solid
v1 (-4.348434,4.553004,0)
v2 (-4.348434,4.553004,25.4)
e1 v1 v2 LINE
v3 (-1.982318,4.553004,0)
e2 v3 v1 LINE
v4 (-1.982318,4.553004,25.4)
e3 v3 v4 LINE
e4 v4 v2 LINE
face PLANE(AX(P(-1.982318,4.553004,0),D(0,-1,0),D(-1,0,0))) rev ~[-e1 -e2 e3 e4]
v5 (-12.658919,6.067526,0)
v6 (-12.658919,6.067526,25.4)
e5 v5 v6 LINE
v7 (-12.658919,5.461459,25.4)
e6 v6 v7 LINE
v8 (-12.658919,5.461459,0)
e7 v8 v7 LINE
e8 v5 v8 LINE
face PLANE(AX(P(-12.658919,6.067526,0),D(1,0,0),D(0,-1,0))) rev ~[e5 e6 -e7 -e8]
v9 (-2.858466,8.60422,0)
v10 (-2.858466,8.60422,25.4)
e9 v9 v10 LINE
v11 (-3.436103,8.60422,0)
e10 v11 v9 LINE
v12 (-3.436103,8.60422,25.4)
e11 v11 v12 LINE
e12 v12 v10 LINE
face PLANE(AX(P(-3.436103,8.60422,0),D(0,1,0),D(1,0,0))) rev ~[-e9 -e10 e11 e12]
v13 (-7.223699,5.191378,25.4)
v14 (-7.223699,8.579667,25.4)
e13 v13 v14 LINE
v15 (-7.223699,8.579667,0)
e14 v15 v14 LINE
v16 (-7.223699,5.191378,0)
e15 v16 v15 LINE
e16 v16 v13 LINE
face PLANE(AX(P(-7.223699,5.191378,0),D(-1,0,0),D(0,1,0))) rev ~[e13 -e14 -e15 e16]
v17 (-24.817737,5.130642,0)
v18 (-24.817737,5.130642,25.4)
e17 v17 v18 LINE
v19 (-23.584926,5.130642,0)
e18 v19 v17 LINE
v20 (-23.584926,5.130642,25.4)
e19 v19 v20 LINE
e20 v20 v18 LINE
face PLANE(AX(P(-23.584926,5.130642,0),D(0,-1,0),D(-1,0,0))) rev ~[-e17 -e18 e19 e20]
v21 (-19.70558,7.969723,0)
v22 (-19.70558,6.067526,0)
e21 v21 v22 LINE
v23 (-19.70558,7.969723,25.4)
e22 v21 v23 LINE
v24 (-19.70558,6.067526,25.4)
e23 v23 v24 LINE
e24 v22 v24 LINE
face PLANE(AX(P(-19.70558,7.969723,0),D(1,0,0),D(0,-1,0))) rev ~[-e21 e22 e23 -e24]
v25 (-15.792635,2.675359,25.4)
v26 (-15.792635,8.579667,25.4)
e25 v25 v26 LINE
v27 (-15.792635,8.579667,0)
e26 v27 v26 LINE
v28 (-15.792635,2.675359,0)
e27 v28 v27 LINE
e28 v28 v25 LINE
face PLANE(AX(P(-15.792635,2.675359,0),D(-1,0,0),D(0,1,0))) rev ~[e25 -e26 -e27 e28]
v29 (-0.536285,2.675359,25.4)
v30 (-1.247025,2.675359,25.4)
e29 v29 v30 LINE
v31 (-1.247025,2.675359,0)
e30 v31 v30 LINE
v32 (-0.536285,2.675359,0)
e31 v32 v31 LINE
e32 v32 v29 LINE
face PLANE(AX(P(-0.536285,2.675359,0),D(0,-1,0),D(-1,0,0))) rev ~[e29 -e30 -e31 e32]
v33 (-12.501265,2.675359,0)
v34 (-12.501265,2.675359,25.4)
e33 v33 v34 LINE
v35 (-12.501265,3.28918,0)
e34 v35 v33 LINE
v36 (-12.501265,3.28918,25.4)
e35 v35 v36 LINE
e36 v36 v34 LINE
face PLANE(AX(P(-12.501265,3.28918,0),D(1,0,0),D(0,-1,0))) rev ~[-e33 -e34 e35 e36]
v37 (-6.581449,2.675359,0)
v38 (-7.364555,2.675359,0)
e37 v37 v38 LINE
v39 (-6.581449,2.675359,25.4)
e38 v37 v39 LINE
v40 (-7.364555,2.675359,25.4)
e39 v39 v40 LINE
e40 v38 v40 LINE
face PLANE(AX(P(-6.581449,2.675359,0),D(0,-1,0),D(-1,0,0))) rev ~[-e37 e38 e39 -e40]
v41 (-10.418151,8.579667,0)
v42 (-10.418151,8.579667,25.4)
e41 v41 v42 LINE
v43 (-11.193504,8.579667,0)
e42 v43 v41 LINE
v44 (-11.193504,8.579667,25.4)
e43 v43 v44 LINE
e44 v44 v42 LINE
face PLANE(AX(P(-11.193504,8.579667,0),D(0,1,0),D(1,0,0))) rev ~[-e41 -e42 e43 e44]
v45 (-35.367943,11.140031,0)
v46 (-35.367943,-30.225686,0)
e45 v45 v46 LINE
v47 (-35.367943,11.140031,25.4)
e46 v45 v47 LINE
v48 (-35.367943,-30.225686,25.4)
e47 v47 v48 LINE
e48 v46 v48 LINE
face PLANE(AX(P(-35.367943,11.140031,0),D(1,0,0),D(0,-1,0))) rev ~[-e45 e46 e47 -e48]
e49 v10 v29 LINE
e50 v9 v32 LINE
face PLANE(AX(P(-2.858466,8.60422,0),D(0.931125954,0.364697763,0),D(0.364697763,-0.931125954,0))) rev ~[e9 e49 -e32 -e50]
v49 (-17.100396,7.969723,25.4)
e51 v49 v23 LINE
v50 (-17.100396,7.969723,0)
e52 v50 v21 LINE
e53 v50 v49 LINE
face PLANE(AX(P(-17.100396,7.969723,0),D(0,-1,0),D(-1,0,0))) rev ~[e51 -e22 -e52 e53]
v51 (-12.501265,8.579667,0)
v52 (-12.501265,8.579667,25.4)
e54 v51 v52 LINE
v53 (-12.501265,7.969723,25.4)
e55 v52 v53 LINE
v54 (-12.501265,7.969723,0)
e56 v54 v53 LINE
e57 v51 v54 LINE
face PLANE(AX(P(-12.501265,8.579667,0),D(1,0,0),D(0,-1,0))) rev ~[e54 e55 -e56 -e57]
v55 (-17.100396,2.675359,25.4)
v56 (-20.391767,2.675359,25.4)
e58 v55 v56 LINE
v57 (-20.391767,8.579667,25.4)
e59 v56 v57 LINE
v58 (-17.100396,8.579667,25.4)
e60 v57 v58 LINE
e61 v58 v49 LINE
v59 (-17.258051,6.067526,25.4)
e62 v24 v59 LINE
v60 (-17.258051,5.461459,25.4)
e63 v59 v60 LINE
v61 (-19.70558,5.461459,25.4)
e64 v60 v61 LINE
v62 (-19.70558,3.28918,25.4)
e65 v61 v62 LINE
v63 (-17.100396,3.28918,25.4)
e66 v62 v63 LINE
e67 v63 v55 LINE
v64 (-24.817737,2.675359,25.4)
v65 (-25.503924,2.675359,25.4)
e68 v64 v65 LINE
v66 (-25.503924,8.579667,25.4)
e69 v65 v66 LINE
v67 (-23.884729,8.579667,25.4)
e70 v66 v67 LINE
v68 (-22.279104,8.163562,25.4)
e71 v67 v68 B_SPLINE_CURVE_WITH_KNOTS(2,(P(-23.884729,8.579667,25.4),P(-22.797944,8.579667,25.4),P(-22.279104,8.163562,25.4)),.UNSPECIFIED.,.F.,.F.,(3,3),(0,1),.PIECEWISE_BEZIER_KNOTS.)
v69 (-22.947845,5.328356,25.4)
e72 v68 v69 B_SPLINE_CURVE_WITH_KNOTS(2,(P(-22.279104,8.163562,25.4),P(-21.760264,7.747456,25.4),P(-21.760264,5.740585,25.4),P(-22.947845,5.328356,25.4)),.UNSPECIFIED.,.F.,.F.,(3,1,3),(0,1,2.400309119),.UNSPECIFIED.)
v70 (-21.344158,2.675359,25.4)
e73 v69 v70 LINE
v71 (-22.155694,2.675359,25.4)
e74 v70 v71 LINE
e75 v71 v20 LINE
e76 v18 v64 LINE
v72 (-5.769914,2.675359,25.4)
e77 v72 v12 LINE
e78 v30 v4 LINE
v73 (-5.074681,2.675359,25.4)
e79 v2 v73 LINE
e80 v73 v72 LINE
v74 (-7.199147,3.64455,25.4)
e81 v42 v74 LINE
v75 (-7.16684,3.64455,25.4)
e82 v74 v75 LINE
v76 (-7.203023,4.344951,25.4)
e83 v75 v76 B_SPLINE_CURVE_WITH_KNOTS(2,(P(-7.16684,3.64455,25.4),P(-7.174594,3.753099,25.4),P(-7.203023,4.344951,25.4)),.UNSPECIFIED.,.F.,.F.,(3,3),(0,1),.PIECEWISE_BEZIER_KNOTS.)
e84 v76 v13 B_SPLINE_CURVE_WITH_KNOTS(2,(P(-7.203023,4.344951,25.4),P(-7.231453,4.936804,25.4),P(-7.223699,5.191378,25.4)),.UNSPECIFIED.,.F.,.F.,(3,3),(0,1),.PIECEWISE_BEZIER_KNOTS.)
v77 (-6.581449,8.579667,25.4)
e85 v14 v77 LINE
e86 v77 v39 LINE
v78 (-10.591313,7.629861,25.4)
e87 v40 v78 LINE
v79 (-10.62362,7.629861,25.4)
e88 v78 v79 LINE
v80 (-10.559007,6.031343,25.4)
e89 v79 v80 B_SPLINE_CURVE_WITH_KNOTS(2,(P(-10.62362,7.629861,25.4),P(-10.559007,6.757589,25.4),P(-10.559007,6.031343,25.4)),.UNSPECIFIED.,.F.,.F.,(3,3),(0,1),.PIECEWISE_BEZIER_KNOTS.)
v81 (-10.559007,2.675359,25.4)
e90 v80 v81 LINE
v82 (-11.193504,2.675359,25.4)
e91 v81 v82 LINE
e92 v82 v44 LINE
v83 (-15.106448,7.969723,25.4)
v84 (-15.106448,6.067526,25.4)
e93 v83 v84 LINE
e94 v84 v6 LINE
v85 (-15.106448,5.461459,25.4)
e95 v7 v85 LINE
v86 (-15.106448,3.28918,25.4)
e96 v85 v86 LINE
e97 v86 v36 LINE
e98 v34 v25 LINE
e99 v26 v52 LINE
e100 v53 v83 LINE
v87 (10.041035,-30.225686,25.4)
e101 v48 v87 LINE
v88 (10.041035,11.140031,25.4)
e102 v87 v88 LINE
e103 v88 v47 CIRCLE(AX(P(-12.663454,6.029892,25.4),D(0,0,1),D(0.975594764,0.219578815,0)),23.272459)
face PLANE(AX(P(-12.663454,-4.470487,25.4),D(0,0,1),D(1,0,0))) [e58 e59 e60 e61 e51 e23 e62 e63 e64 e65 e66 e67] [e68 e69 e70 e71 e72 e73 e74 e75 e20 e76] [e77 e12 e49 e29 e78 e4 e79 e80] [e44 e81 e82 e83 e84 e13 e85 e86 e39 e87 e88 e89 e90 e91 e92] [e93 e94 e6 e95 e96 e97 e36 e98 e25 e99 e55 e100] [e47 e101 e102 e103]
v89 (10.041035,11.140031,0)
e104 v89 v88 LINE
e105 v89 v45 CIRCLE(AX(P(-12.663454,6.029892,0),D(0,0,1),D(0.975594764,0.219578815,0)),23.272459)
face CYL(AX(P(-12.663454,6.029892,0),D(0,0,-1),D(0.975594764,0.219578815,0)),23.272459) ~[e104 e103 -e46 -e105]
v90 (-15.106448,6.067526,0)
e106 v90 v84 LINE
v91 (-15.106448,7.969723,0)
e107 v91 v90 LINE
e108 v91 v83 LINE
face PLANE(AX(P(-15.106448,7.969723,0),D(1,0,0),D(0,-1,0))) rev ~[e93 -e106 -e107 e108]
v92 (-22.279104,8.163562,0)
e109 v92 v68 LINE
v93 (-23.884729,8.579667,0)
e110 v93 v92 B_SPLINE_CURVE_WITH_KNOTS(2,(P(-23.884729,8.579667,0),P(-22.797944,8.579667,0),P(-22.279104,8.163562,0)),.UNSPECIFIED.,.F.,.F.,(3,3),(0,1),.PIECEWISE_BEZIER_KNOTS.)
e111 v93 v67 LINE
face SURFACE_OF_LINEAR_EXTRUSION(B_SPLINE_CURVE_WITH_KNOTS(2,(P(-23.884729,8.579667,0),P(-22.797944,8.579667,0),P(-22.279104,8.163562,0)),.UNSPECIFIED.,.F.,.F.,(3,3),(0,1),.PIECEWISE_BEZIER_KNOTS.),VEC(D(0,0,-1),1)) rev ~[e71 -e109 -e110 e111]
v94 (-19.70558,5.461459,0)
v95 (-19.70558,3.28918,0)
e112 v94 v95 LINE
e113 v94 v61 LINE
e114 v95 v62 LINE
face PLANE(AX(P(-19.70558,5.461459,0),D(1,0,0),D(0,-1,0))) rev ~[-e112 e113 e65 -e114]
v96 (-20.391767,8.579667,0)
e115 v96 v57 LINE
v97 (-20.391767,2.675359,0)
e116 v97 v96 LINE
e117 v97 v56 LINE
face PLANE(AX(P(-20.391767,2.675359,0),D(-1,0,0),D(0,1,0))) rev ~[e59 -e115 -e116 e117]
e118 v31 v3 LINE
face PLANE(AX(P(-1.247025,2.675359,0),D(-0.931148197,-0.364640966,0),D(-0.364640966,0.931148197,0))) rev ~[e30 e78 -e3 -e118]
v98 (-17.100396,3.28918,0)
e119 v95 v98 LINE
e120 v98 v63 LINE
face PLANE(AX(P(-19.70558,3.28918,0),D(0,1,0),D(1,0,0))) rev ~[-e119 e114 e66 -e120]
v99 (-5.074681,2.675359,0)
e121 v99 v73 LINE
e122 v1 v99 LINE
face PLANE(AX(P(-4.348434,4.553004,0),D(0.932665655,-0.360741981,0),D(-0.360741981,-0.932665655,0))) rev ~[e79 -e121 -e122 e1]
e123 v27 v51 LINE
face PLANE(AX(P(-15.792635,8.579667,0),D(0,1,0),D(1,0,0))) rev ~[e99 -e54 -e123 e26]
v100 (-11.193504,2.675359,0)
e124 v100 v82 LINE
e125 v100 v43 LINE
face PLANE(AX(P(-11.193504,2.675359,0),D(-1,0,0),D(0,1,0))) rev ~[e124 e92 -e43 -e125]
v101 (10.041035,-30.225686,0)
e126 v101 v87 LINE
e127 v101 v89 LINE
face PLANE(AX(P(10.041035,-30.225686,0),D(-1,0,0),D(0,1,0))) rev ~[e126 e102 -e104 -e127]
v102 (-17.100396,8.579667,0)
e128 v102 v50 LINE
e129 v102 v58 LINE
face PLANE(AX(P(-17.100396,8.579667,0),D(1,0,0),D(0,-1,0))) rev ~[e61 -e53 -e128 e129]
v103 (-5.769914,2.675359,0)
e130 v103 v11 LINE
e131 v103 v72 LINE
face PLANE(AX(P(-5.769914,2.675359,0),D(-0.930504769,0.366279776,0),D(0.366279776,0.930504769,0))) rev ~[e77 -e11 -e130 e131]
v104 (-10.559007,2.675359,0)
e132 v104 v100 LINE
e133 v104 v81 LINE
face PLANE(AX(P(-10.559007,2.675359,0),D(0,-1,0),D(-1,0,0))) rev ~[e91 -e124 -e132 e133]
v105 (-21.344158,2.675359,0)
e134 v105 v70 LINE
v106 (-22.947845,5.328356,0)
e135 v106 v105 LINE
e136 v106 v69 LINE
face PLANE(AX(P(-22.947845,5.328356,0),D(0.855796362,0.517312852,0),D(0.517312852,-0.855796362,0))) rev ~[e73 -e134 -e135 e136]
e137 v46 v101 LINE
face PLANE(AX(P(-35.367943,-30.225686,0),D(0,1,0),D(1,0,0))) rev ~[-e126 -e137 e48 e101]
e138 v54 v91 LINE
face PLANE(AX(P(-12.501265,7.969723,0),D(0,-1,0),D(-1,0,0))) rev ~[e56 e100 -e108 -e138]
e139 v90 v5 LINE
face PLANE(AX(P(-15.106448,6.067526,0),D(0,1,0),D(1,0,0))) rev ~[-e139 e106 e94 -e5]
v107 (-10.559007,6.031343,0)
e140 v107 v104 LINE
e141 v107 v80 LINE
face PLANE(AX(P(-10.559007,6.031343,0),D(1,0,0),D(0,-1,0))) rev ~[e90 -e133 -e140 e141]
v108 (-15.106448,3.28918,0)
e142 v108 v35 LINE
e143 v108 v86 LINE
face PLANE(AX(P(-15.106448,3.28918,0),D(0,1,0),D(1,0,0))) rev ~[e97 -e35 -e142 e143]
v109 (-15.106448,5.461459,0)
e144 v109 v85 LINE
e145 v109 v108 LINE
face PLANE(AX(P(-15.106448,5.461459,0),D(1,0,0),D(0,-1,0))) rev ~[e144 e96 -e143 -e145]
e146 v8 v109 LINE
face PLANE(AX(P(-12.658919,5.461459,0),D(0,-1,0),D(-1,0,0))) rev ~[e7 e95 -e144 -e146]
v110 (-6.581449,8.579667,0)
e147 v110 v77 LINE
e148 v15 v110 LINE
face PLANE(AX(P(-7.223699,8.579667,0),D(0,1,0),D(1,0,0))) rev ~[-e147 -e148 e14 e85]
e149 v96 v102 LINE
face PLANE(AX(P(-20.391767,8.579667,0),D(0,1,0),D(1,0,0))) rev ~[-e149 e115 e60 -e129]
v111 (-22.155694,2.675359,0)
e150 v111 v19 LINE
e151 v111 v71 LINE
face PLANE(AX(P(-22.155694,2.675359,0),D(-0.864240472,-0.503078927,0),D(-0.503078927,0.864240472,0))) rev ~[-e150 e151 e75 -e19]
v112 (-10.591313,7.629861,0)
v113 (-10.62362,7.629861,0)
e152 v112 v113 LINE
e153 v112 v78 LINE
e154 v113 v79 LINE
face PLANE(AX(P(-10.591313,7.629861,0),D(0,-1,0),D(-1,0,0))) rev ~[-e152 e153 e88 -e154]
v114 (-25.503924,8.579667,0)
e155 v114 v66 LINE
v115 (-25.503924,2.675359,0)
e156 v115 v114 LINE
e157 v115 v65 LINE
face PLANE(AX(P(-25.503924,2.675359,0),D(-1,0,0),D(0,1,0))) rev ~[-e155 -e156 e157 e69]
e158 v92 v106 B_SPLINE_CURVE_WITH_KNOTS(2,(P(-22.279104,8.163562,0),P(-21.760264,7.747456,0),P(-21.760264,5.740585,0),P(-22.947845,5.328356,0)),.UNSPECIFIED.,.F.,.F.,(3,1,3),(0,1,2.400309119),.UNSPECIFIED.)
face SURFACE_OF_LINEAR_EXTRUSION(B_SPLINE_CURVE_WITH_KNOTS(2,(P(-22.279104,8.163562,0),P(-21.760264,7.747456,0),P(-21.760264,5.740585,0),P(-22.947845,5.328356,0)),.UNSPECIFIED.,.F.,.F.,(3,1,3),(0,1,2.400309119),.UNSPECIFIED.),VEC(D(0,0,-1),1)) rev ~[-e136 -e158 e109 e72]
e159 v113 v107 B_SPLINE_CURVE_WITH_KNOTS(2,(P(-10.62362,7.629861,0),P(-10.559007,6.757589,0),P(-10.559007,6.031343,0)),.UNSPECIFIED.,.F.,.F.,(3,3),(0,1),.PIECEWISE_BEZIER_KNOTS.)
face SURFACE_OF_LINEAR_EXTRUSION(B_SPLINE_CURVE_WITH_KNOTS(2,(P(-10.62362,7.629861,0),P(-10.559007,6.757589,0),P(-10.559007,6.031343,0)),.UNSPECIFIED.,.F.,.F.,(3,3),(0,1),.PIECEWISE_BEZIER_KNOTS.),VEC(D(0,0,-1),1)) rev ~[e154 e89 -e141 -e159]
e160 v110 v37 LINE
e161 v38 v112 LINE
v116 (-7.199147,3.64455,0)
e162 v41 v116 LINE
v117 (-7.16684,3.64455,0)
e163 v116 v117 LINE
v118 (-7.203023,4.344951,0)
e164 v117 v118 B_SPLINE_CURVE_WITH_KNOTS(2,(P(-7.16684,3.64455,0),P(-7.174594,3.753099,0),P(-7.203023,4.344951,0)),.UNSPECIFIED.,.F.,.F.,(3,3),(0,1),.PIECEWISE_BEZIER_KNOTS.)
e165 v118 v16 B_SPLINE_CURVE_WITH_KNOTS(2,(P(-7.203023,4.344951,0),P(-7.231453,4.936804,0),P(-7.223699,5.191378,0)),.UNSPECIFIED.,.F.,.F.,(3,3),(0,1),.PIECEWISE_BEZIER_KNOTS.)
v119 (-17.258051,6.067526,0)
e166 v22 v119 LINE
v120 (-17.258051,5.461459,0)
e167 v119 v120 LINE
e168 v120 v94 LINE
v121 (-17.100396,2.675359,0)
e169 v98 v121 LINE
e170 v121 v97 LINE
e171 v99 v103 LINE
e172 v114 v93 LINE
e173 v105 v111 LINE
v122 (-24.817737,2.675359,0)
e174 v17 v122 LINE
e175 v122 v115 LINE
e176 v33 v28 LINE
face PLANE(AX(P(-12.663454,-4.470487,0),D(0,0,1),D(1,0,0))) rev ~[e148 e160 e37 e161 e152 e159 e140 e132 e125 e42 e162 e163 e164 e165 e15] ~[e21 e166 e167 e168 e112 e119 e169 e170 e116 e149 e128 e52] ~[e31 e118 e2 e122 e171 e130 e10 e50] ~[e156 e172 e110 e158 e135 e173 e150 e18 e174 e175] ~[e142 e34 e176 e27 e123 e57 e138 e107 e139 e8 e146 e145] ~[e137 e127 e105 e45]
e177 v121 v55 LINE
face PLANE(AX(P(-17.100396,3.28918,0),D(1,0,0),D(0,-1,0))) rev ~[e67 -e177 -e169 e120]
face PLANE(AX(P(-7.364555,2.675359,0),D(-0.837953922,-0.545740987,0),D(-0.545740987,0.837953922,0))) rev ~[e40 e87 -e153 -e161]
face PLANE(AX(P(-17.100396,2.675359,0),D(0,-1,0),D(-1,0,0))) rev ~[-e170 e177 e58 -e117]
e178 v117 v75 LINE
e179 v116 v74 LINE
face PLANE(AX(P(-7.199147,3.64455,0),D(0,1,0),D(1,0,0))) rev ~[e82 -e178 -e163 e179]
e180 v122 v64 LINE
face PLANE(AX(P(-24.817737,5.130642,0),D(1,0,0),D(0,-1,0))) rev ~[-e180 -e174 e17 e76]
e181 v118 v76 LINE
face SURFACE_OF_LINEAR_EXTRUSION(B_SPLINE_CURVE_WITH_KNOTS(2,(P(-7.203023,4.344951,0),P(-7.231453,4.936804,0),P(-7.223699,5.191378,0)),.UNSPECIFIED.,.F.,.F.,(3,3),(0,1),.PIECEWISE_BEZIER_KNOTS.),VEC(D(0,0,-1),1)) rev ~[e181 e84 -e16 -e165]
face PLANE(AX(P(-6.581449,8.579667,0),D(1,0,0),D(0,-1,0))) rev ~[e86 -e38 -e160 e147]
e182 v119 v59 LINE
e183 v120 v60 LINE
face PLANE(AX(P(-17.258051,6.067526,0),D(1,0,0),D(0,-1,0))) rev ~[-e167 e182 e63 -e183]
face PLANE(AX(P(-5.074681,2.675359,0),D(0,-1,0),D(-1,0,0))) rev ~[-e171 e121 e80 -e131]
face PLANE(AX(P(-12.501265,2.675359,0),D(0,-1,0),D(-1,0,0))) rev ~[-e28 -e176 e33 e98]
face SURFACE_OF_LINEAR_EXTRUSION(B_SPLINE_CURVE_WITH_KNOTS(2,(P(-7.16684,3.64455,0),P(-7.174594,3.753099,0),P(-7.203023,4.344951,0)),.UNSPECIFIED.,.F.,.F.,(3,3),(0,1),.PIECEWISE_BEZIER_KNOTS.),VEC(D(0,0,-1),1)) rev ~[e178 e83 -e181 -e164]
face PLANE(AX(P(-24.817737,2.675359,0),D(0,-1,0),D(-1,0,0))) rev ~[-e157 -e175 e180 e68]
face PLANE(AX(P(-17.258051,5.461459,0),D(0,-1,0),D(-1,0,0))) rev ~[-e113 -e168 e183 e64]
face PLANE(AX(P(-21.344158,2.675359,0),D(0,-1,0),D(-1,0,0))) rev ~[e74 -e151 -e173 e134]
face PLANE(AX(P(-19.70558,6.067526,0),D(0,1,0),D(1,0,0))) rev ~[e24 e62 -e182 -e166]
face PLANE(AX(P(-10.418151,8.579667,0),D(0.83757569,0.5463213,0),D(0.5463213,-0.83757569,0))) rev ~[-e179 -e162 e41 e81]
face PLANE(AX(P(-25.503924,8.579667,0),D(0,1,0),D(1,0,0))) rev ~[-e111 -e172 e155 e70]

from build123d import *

# Parameters (mm, degrees)
F1_DEPTH = 25.4
F2_DEPTH = 25.4


with BuildPart() as f1:
    # F0 (on Top) → F1 (new body)
    with BuildSketch(Plane.XY):
        with BuildLine():
            Line((-35.3679429478, 11.1400311293), (-35.3679429478, -30.2256858594))
            Line((-35.3679429478, -30.2256858594), (10.0410353131, -30.2256858594))
            Line((10.0410353131, -30.2256858594), (10.0410353131, 11.1400311293))
            ThreePointArc((10.0410353131, 11.1400311293), (-12.6634538174, 29.3023511427), (-35.3679429478, 11.1400311293))
        make_face()
        with BuildLine():
            Line((-31.0136583262, -26.9599688707), (-31.0136583262, 11.1400311293))
            ThreePointArc((-31.0136583262, 11.1400311293), (-12.8189639824, 23.6993412086), (5.3757303614, 11.1400311293))
            Line((5.3757303614, 11.1400311293), (5.3757303614, -26.9599688707))
            Line((5.3757303614, -26.9599688707), (-31.0136583262, -26.9599688707))
        make_face(mode=Mode.SUBTRACT)
        with BuildLine():
            ThreePointArc((5.3757303614, 11.1400311293), (-12.8189639824, 23.6993412086), (-31.0136583262, 11.1400311293))
            Line((-31.0136583262, 11.1400311293), (-31.0136583262, -26.9599688707))
            Line((-31.0136583262, -26.9599688707), (5.3757303614, -26.9599688707))
            Line((5.3757303614, -26.9599688707), (5.3757303614, 11.1400311293))
        make_face()
        with BuildLine():
            Line((-23.5849264789, 5.1306416046), (-24.8177367282, 5.1306416046))
            Line((-24.8177367282, 5.1306416046), (-24.8177367282, 2.6753591374))
            Line((-24.8177367282, 2.6753591374), (-25.5039235651, 2.6753591374))
            Line((-25.5039235651, 2.6753591374), (-25.5039235651, 8.5796673441))
            Line((-25.5039235651, 8.5796673441), (-23.8847293907, 8.5796673441))
            add(Edge.make_bspline(
                [(-23.8847293907, 8.5796673441), (-22.7979438354, 8.5796673441), (-22.2791038825, 8.1635615786)],
                knots=[0, 0, 0, 1, 1, 1], degree=2))
            add(Edge.make_bspline(
                [(-22.2791038825, 8.1635615786), (-21.7602639295, 7.7474558131), (-21.7602639295, 6.9113675203)],
                knots=[0, 0, 0, 1, 1, 1], degree=2))
            add(Edge.make_bspline(
                [(-21.7602639295, 6.9113675203), (-21.7602639295, 5.7405854596), (-22.9478452913, 5.3283564559)],
                knots=[0, 0, 0, 1, 1, 1], degree=2))
            Line((-22.9478452913, 5.3283564559), (-21.344158164, 2.6753591374))
            Line((-21.344158164, 2.6753591374), (-22.1556936322, 2.6753591374))
            Line((-22.1556936322, 2.6753591374), (-23.5849264789, 5.1306416046))
        make_face(mode=Mode.SUBTRACT)
        Polygon((-17.1003962575, 3.2891797542), (-17.1003962575, 2.6753591374), (-20.3917670175, 2.6753591374), (-20.3917670175, 8.5796673441), (-17.1003962575, 8.5796673441), (-17.1003962575, 7.9697234891), (-19.7055801806, 7.9697234891), (-19.7055801806, 6.067525704), (-17.2580512369, 6.067525704), (-17.2580512369, 5.4614586107), (-19.7055801806, 5.4614586107), (-19.7055801806, 3.2891797542), align=None, mode=Mode.SUBTRACT)
        Polygon((-12.5012645201, 3.2891797542), (-12.5012645201, 2.6753591374), (-15.7926352802, 2.6753591374), (-15.7926352802, 8.5796673441), (-12.5012645201, 8.5796673441), (-12.5012645201, 7.9697234891), (-15.1064484433, 7.9697234891), (-15.1064484433, 6.067525704), (-12.6589194996, 6.067525704), (-12.6589194996, 5.4614586107), (-15.1064484433, 5.4614586107), (-15.1064484433, 3.2891797542), align=None, mode=Mode.SUBTRACT)
        with BuildLine():
            Line((-6.5814492662, 8.5796673441), (-6.5814492662, 2.6753591374))
            Line((-6.5814492662, 2.6753591374), (-7.3645551478, 2.6753591374))
            Line((-7.3645551478, 2.6753591374), (-10.5913132114, 7.6298607055))
            Line((-10.5913132114, 7.6298607055), (-10.6236195596, 7.6298607055))
            add(Edge.make_bspline(
                [(-10.6236195596, 7.6298607055), (-10.5590068631, 6.7575893027), (-10.5590068631, 6.0313425939)],
                knots=[0, 0, 0, 1, 1, 1], degree=2))
            Line((-10.5590068631, 6.0313425939), (-10.5590068631, 2.6753591374))
            Line((-10.5590068631, 2.6753591374), (-11.1935035428, 2.6753591374))
            Line((-11.1935035428, 2.6753591374), (-11.1935035428, 8.5796673441))
            Line((-11.1935035428, 8.5796673441), (-10.4181511847, 8.5796673441))
            Line((-10.4181511847, 8.5796673441), (-7.1991466448, 3.644549585))
            Line((-7.1991466448, 3.644549585), (-7.1668402965, 3.644549585))
            add(Edge.make_bspline(
                [(-7.1668402965, 3.644549585), (-7.1745938201, 3.7530989151), (-7.2030234066, 4.3449512151)],
                knots=[0, 0, 0, 1, 1, 1], degree=2))
            add(Edge.make_bspline(
                [(-7.2030234066, 4.3449512151), (-7.231452993, 4.9368035151), (-7.2236994695, 5.1913775393)],
                knots=[0, 0, 0, 1, 1, 1], degree=2))
            Line((-7.2236994695, 5.1913775393), (-7.2236994695, 8.5796673441))
            Line((-7.2236994695, 8.5796673441), (-6.5814492662, 8.5796673441))
        make_face(mode=Mode.SUBTRACT)
        Polygon((-0.536285381, 2.6753591374), (-1.2470250426, 2.6753591374), (-1.9823175288, 4.5530040978), (-4.3484344749, 4.5530040978), (-5.0746811836, 2.6753591374), (-5.7699137981, 2.6753591374), (-3.4361032002, 8.6042201688), (-2.8584656935, 8.6042201688), align=None, mode=Mode.SUBTRACT)
    extrude(amount=F1_DEPTH)

    # F0 (on Top) → F2 (join)
    with BuildSketch(Plane.XY):
        with BuildLine():
            Line((-35.3679429478, 11.1400311293), (-35.3679429478, -30.2256858594))
            Line((-35.3679429478, -30.2256858594), (10.0410353131, -30.2256858594))
            Line((10.0410353131, -30.2256858594), (10.0410353131, 11.1400311293))
            ThreePointArc((10.0410353131, 11.1400311293), (-12.6634538174, 29.3023511427), (-35.3679429478, 11.1400311293))
        make_face()
        with BuildLine():
            Line((-31.0136583262, -26.9599688707), (-31.0136583262, 11.1400311293))
            ThreePointArc((-31.0136583262, 11.1400311293), (-12.8189639824, 23.6993412086), (5.3757303614, 11.1400311293))
            Line((5.3757303614, 11.1400311293), (5.3757303614, -26.9599688707))
            Line((5.3757303614, -26.9599688707), (-31.0136583262, -26.9599688707))
        make_face(mode=Mode.SUBTRACT)
    extrude(amount=F2_DEPTH)


solid = f1.part
